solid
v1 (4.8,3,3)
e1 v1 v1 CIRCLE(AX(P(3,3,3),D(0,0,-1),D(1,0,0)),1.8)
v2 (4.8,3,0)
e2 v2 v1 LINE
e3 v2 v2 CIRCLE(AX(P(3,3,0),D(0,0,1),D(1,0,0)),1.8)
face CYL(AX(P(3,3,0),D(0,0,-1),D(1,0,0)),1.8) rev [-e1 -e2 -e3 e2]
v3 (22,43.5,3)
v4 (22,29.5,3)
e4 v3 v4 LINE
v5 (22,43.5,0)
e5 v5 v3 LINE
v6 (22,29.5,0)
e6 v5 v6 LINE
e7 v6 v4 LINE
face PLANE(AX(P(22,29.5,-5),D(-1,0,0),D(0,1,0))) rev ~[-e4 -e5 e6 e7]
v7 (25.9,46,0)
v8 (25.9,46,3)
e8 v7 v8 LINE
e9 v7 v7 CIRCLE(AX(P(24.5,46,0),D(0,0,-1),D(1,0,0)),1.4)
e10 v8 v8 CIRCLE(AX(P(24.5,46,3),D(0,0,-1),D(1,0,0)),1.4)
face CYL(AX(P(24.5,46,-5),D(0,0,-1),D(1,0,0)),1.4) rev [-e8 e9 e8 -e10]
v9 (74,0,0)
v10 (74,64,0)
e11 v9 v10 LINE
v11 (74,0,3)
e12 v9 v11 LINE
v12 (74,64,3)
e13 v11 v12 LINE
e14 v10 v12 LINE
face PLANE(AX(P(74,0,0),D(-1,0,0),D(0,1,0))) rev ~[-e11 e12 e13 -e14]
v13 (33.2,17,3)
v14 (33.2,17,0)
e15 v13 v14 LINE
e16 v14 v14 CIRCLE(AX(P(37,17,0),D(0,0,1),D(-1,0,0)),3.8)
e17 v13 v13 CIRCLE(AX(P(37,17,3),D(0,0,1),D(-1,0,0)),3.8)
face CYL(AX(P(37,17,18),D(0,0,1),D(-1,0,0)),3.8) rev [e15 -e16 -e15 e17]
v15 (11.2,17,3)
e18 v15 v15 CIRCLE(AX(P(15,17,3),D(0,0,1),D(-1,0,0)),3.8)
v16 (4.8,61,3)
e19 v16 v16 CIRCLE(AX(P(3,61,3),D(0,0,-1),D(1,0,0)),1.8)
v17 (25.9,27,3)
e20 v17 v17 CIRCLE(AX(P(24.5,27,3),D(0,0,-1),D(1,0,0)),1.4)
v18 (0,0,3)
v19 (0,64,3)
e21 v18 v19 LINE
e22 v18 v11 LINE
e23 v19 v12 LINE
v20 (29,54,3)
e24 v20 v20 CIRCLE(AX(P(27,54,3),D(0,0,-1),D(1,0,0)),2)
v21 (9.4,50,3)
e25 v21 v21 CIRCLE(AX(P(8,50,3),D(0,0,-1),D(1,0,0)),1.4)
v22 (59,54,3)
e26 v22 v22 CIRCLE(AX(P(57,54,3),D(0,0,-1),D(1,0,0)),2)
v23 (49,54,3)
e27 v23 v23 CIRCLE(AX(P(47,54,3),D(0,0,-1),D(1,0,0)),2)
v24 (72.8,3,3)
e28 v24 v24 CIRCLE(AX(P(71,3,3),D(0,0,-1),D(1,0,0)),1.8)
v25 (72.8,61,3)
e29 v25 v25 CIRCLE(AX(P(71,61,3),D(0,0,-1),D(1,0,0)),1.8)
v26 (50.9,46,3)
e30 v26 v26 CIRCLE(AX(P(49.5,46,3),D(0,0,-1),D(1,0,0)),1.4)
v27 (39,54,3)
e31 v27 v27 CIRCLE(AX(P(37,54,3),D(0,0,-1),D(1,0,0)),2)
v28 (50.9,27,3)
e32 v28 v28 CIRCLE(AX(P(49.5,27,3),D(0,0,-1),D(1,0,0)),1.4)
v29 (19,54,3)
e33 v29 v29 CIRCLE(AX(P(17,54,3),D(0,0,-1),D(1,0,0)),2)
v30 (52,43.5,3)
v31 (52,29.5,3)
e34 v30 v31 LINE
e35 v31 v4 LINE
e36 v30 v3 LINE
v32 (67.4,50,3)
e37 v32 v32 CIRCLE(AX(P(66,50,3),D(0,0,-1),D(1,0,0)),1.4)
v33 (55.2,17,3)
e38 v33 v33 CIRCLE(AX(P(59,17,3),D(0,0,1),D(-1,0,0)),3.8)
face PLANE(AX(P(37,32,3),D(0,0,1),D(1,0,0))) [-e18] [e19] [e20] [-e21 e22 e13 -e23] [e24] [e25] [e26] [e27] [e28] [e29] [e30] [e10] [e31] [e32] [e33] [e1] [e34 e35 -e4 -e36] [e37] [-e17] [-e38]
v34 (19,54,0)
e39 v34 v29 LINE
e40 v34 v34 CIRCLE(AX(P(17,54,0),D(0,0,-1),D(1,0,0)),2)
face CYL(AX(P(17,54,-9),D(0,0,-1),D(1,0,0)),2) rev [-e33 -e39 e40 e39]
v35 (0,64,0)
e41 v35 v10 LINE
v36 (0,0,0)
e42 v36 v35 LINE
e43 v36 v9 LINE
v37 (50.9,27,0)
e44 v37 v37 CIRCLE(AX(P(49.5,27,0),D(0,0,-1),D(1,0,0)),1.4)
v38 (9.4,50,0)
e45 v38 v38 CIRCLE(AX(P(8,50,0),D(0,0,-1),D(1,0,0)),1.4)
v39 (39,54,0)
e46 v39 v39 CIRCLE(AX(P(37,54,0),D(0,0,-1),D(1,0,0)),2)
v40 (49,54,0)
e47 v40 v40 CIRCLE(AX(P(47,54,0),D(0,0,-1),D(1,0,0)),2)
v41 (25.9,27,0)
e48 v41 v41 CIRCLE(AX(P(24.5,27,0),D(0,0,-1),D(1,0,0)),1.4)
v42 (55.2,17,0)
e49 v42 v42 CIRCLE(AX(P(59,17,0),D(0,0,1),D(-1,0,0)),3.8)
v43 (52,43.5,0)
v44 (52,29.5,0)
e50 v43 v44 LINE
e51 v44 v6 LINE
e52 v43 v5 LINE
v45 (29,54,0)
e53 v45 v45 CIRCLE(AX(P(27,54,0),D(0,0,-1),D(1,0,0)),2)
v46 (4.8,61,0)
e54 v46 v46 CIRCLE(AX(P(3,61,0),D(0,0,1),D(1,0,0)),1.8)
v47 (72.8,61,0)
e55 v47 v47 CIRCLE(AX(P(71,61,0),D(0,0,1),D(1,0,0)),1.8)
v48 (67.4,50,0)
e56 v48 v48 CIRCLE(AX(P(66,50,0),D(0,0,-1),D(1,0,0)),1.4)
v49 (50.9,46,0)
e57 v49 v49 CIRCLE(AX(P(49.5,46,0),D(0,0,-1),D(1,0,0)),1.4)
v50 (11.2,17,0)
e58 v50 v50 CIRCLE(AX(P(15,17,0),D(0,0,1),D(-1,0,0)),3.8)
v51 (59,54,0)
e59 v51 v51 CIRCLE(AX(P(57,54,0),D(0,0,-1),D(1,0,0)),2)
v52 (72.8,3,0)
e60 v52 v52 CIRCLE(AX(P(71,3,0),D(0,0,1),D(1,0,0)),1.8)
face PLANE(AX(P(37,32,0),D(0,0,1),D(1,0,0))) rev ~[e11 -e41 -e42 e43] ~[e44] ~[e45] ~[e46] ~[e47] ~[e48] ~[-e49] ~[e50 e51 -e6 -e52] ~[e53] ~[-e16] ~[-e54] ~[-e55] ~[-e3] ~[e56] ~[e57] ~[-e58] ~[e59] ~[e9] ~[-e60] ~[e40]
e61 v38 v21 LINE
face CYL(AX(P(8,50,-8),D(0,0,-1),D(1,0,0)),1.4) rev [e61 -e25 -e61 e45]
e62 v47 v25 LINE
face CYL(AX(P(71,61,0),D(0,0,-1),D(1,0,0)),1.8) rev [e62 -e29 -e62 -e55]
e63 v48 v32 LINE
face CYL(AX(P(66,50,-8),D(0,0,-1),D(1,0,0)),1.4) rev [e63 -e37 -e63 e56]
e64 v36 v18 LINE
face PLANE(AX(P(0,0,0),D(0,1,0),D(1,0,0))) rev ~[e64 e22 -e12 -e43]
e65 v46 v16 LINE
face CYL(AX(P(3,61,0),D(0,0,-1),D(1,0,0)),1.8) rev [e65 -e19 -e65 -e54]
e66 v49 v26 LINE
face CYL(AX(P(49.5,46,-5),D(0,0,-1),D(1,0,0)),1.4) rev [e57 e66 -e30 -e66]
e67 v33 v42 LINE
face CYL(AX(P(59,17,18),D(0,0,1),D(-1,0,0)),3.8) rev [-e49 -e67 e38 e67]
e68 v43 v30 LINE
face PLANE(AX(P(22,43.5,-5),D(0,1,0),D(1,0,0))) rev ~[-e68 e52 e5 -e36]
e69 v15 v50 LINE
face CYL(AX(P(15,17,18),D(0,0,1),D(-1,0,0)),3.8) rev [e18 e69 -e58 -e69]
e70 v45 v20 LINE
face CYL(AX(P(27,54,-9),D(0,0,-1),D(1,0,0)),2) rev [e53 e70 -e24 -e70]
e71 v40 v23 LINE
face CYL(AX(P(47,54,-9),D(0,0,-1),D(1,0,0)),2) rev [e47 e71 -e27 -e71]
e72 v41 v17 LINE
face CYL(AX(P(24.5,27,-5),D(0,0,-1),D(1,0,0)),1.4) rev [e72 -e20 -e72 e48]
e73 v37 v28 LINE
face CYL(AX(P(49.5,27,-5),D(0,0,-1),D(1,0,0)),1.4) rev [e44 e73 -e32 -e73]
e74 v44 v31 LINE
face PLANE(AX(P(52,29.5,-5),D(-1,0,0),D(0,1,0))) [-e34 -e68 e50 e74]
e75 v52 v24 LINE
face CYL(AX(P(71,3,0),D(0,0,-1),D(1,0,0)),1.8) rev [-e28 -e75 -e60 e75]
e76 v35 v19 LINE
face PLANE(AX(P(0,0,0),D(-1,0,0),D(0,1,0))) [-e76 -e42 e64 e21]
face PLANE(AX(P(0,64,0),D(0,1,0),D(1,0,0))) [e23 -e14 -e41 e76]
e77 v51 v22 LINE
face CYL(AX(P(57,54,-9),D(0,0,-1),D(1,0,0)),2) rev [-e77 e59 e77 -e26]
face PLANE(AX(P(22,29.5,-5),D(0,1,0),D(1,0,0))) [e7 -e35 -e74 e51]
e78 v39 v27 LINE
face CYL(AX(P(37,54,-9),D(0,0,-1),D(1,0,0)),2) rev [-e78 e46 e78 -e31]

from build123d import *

# Parameters (mm, degrees)
CYLINDER_R              = 3.8
CYLINDER_DEPTH          = 50
CYLINDER001_R           = 10
CYLINDER001_DEPTH       = 15
BOX001_W                = 12
BOX001_H                = 12
BOX001_DEPTH            = 10
BODY003_PLACEMENT_ANGLE = 180
CYLINDER012_R           = 2
CYLINDER012_DEPTH       = 20
ARRAY008_X_COUNT        = 5
ARRAY008_X_PITCH        = 10
CYLINDER013_R           = 1.4
CYLINDER013_DEPTH       = 20
ARRAY009_X_COUNT        = 2
ARRAY009_X_PITCH        = 58
ARRAY010_X_COUNT        = 2
ARRAY010_X_PITCH        = 25
ARRAY010_Y_COUNT        = 2
ARRAY010_Y_PITCH        = 19
BOX011_W                = 30
BOX011_H                = 14
BOX011_DEPTH            = 20
CYLINDER011_R           = 1.8
CYLINDER011_DEPTH       = 20
ARRAY007_X_COUNT        = 2
ARRAY007_X_PITCH        = 68
ARRAY007_Y_COUNT        = 2
ARRAY007_Y_PITCH        = 58
BOX009_W                = 74
BOX009_H                = 64
BOX009_DEPTH            = 3


with BuildPart() as encoder_hole:
    # Cylinder → Cylinder (new body)
    with BuildSketch(Plane.XY):
        Circle(CYLINDER_R)
    extrude(amount=CYLINDER_DEPTH)


with BuildPart() as encoder_cap:
    # Cylinder001 → Cylinder001 (new body)
    with BuildSketch(Plane.XY.offset(35)):
        Circle(CYLINDER001_R)
    extrude(amount=CYLINDER001_DEPTH)


with BuildPart() as encoder_fusion:
    # Box001 → Box001 (new body)
    with BuildSketch(Plane(origin=(-6, -6, 0), x_dir=(1, 0, 0), z_dir=(0, 0, 1))):
        with Locations((6, 6)):
            Rectangle(BOX001_W, BOX001_H)
    extrude(amount=BOX001_DEPTH)

    # Fusion: union encoder hole, encoder cap
    add(encoder_hole.part)
    add(encoder_cap.part)


with BuildPart() as encoder_fusion_1:
    # Fusion placement: moved
    add(encoder_fusion.part.moved(Location((0, 0, -20))))


with BuildPart() as encoder_clone001:
    # Body001 base: copy of encoder fusion
    add(encoder_fusion_1.part)


with BuildPart() as encoder_clone001_1:
    # Clone001 placement: moved
    add(encoder_clone001.part.moved(Location((0, 0, 20))))


with BuildPart() as encoder_clone001_2:
    # Body001 placement: moved
    add(encoder_clone001_1.part.moved(Location((22, 0, -20))))


with BuildPart() as encoder_compound_clone001:
    # Body base: copy of encoder fusion
    add(encoder_fusion_1.part)


with BuildPart() as encoder_compound_clone001_1:
    # Clone placement: moved
    add(encoder_compound_clone001.part.moved(Location((0, 0, 20))))


with BuildPart() as encoder_compound_clone001_2:
    # Body placement: moved
    add(encoder_compound_clone001_1.part.moved(Location((44, 0, -20))))

    # Compound: union encoder clone001, encoder fusion
    add(encoder_clone001_2.part)
    add(encoder_fusion_1.part)


with BuildPart() as encoder_compound_clone001_3:
    # Body003 placement: moved
    add(encoder_compound_clone001_2.part.moved(Location((59, 17, -2))).rotate(Axis((59, 17, -2), (0, 1, 0)), BODY003_PLACEMENT_ANGLE))


with BuildPart() as button_hole_array:
    # Cylinder012 → Cylinder012 (new body)
    with BuildSketch(Plane.XY):
        Circle(CYLINDER012_R)
    extrude(amount=CYLINDER012_DEPTH)

    # Array008 X: button hole array ×5


with BuildPart() as button_hole_array_1:
    add(button_hole_array.part)
    with Locations(*[(i * ARRAY008_X_PITCH, 0, 0) for i in range(1, ARRAY008_X_COUNT)]):
        add(button_hole_array.part)


with BuildPart() as button_hole_array_2:
    # Array008 placement: moved
    add(button_hole_array_1.part.moved(Location((17, 54, -9))))


with BuildPart() as m2_5_bolt_hole:
    # Cylinder013 → Cylinder013 (new body)
    with BuildSketch(Plane.XY):
        Circle(CYLINDER013_R)
    extrude(amount=CYLINDER013_DEPTH)


with BuildPart() as m2_5_bolt_hole_array:
    # Array009 base: copy of m2.5 bolt hole
    add(m2_5_bolt_hole.part)

    # Array009 X: m2.5 bolt hole array ×2


with BuildPart() as m2_5_bolt_hole_array_1:
    add(m2_5_bolt_hole_array.part)
    with Locations(*[(i * ARRAY009_X_PITCH, 0, 0) for i in range(1, ARRAY009_X_COUNT)]):
        add(m2_5_bolt_hole_array.part)


with BuildPart() as m2_5_bolt_hole_array_2:
    # Array009 placement: moved
    add(m2_5_bolt_hole_array_1.part.moved(Location((8, 50, -8))))


with BuildPart() as m2_5_bolt_hole_array001:
    # Body004 base: copy of m2.5 bolt hole
    add(m2_5_bolt_hole.part)

    # Array010 X: m2.5 bolt hole array001 ×2


with BuildPart() as m2_5_bolt_hole_array001_1:
    add(m2_5_bolt_hole_array001.part)
    with Locations(*[(i * ARRAY010_X_PITCH, 0, 0) for i in range(1, ARRAY010_X_COUNT)]):
        add(m2_5_bolt_hole_array001.part)

    # Array010 Y: m2.5 bolt hole array001 ×2


with BuildPart() as m2_5_bolt_hole_array001_2:
    add(m2_5_bolt_hole_array001_1.part)
    with Locations(*[(0, i * ARRAY010_Y_PITCH, 0) for i in range(1, ARRAY010_Y_COUNT)]):
        add(m2_5_bolt_hole_array001_1.part)


with BuildPart() as tft_hole_fusion:
    # Box011 → Box011 (new body)
    with BuildSketch(Plane(origin=(-2.5, 2.5, 0), x_dir=(1, 0, 0), z_dir=(0, 0, 1))):
        with Locations((15, 7)):
            Rectangle(BOX011_W, BOX011_H)
    extrude(amount=BOX011_DEPTH)

    # Fusion006: union m2.5 bolt hole array001
    add(m2_5_bolt_hole_array001_2.part)


with BuildPart() as tft_hole_fusion_1:
    # Fusion006 placement: moved
    add(tft_hole_fusion.part.moved(Location((24.5, 27, -5))))


with BuildPart() as bottom_plate_hole_fusion001:
    # Cylinder011 → Cylinder011 (new body)
    with BuildSketch(Plane(origin=(3, 3, 0), x_dir=(1, 0, 0), z_dir=(0, 0, 1))):
        Circle(CYLINDER011_R)
    extrude(amount=CYLINDER011_DEPTH)

    # Array007 X: bottom plate hole fusion001 ×2


with BuildPart() as bottom_plate_hole_fusion001_1:
    add(bottom_plate_hole_fusion001.part)
    with Locations(*[(i * ARRAY007_X_PITCH, 0, 0) for i in range(1, ARRAY007_X_COUNT)]):
        add(bottom_plate_hole_fusion001.part)

    # Array007 Y: bottom plate hole fusion001 ×2


with BuildPart() as bottom_plate_hole_fusion001_2:
    add(bottom_plate_hole_fusion001_1.part)
    with Locations(*[(0, i * ARRAY007_Y_PITCH, 0) for i in range(1, ARRAY007_Y_COUNT)]):
        add(bottom_plate_hole_fusion001_1.part)

    # Fusion005: union encoder compound clone001, button hole array, m2.5 bolt hole array, tft hole fusion
    add(encoder_compound_clone001_3.part)
    add(button_hole_array_2.part)
    add(m2_5_bolt_hole_array_2.part)
    add(tft_hole_fusion_1.part)


with BuildPart() as top_plate_cut:
    # Box009 → Box009 (new body)
    with BuildSketch(Plane.XY):
        with Locations((37, 32)):
            Rectangle(BOX009_W, BOX009_H)
    extrude(amount=BOX009_DEPTH)

    # Cut006: cut bottom plate hole fusion001
    add(bottom_plate_hole_fusion001_2.part, mode=Mode.SUBTRACT)


solid = top_plate_cut.part
